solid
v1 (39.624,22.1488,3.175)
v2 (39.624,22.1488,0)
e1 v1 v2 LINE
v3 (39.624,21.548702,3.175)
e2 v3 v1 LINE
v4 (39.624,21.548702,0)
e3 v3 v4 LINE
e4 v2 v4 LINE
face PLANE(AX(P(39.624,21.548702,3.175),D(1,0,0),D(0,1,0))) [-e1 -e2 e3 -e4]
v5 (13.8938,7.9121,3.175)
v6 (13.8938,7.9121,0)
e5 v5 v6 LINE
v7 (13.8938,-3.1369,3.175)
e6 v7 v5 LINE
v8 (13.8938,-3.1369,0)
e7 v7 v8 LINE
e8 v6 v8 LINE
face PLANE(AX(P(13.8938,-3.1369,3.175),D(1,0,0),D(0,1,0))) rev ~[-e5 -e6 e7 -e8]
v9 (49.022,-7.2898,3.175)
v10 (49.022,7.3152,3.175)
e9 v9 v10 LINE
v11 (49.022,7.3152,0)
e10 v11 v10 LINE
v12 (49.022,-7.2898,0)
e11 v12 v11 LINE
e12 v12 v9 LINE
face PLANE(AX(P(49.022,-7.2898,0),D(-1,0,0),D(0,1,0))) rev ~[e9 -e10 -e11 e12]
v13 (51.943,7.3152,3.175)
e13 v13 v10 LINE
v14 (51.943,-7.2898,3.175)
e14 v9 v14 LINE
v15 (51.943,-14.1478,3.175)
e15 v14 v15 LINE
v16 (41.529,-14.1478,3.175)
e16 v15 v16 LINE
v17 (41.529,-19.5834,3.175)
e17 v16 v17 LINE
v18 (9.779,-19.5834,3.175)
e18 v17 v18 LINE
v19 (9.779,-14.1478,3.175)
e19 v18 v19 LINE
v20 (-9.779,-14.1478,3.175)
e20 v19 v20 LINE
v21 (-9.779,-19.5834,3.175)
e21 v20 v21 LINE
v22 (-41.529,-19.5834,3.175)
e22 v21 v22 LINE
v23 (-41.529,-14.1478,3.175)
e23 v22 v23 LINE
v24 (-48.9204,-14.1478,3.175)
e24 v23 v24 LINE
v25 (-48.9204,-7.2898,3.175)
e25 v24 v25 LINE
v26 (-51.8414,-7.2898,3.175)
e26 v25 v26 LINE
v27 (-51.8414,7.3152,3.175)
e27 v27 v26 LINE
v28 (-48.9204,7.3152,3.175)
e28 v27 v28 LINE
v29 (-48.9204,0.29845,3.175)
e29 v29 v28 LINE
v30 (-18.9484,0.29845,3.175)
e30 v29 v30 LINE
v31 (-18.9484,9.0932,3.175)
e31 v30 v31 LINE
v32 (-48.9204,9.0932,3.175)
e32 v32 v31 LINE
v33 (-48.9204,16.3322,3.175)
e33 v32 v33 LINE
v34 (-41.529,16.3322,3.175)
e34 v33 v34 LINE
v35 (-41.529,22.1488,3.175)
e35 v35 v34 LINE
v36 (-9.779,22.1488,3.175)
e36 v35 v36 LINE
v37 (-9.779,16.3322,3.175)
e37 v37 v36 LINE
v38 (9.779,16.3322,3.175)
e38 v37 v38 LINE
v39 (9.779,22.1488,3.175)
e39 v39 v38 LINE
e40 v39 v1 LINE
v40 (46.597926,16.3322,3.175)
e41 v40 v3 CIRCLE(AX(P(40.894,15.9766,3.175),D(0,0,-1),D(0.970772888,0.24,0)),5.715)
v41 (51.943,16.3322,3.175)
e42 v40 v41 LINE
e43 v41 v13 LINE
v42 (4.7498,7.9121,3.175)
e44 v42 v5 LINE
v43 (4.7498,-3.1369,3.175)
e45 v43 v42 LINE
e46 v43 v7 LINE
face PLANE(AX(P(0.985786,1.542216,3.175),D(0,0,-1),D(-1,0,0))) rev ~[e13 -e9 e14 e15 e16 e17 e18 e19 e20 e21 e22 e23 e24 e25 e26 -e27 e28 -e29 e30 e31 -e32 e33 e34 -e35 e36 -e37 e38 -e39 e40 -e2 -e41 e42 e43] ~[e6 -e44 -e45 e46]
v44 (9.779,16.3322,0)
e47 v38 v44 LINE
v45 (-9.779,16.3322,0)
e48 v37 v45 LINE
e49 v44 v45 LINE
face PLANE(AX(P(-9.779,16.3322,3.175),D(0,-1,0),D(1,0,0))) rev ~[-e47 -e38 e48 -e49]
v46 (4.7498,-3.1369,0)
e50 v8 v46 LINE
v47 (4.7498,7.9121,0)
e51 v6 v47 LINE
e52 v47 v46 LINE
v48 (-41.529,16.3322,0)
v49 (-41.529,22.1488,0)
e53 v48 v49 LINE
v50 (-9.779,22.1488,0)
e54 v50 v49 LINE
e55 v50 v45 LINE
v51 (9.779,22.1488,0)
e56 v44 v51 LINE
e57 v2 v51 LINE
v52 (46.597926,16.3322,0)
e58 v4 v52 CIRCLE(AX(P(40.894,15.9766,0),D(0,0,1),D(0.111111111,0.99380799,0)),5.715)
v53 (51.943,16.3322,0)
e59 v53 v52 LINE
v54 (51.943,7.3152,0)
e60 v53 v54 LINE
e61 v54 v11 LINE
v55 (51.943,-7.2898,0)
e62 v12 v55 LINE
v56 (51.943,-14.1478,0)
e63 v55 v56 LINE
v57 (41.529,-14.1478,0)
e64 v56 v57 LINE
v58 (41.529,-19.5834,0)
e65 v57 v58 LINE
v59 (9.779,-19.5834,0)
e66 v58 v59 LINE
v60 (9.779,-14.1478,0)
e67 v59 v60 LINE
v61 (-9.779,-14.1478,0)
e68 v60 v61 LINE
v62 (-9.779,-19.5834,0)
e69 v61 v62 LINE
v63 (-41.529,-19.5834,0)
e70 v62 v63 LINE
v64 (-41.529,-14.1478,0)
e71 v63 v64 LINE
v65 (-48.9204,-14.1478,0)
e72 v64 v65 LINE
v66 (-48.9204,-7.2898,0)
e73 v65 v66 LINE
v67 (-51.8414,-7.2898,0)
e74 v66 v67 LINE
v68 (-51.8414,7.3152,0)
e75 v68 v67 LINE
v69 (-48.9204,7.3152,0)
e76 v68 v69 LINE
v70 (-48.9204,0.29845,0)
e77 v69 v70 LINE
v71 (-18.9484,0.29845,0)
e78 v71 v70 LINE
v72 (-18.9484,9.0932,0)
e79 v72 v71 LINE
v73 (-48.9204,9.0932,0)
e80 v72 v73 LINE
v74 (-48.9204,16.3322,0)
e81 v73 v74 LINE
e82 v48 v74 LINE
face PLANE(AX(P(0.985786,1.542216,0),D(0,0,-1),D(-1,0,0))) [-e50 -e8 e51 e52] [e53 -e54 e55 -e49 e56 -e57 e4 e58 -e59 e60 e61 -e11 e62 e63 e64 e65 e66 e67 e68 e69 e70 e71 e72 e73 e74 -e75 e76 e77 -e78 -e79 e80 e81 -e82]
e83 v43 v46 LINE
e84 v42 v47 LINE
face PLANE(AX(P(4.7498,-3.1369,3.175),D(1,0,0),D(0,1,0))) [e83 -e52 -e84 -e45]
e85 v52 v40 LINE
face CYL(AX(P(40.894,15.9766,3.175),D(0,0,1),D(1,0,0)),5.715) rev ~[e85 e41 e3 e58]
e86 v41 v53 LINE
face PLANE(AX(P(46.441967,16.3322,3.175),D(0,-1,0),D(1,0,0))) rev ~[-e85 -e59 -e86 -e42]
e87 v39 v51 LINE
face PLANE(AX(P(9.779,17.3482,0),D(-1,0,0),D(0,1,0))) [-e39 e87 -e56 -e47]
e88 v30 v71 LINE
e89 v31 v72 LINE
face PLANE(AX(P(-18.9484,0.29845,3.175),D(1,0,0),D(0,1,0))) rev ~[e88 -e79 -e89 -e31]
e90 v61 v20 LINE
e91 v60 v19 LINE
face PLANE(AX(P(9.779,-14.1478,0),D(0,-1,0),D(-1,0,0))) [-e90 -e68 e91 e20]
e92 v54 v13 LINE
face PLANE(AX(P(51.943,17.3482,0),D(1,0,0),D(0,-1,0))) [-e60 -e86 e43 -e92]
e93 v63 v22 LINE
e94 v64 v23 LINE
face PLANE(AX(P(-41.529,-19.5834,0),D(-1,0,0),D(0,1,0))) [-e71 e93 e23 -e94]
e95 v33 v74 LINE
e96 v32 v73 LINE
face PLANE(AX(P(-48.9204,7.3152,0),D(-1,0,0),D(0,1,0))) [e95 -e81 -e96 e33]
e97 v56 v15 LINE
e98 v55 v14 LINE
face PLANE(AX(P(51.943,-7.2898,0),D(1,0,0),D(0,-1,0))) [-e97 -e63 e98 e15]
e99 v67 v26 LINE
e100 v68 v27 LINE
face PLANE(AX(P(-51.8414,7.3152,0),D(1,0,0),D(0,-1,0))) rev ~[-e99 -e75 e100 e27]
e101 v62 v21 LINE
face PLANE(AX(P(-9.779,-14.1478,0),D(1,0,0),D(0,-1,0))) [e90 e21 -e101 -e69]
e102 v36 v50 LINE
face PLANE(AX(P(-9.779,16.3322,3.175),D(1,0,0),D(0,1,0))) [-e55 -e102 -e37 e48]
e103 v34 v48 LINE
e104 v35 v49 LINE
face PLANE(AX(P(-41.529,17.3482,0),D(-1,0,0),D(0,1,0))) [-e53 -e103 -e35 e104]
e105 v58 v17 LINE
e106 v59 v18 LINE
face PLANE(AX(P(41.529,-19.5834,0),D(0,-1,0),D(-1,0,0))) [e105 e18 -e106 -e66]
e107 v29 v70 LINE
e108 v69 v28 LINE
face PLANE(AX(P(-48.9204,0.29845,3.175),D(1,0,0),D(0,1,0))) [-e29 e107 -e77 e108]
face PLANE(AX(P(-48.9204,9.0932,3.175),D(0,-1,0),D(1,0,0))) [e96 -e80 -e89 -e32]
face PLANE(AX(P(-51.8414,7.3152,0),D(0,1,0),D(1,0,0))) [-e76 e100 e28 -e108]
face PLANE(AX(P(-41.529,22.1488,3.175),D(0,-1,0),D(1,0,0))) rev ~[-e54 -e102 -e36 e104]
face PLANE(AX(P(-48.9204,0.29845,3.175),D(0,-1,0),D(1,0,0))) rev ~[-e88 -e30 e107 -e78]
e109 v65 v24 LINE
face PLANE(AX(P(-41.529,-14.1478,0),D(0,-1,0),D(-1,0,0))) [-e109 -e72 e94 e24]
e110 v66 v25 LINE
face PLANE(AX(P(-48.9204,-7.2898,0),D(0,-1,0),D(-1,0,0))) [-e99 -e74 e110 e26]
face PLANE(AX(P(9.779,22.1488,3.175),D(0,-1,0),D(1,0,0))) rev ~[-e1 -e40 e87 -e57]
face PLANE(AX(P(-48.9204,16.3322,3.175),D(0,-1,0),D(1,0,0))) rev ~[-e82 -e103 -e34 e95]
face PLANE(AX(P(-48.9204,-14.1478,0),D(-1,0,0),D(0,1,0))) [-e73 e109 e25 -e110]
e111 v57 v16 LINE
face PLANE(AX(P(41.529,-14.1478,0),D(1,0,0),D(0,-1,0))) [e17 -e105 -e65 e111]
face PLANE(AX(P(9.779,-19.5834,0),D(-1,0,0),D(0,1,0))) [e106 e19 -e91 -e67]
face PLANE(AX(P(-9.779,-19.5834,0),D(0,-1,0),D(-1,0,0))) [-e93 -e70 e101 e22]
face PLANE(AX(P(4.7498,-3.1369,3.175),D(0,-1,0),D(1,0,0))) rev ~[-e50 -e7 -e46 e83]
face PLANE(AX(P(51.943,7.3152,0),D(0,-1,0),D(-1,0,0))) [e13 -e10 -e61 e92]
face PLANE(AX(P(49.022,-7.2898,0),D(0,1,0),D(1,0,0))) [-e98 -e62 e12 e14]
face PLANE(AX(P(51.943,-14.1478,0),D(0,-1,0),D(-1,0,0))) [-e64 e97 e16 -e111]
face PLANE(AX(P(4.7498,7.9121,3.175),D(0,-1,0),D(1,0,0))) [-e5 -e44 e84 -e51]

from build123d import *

# Parameters (mm, degrees)
BOSS_EXTRUDE1_DEPTH = 3.175
SKETCH2_R           = 5.715
SKETCH2_W           = 29.972
SKETCH2_H           = 8.79475
SKETCH2_W_2         = 9.144
SKETCH2_H_2         = 11.049
CUT_EXTRUDE1_DEPTH  = 5.4356
SKETCH3_W           = 1.905
SKETCH3_H           = 1.235097614
CUT_EXTRUDE2_DEPTH  = 57.808955425
SKETCH4_W           = 5.501032945
SKETCH4_H           = 1.016
SKETCH4_W_2         = 19.558
SKETCH4_W_3         = 7.3914
CUT_EXTRUDE3_DEPTH  = 57.808955425
SKETCH5_W           = 31.75
SKETCH5_H           = 0.635
SKETCH5_W_2         = 29.845
CUT_EXTRUDE4_DEPTH  = 57.808955425


with BuildPart() as part:
    # Sketch1 → Boss-Extrude1 (new body)
    with BuildSketch(Plane.XY):
        Polygon((-51.8414, 0), (-51.8414, 7.3152), (-48.9204, 7.3152), (-48.9204, 17.3482), (-41.529, 17.3482), (-41.529, 22.7838), (-9.779, 22.7838), (-9.779, 17.3482), (9.779, 17.3482), (9.779, 22.7838), (41.529, 22.7838), (41.529, 17.3482), (51.943, 17.3482), (51.943, 7.3152), (49.022, 7.3152), (49.022, 0), (49.022, -7.2898), (51.943, -7.2898), (51.943, -14.1478), (41.529, -14.1478), (41.529, -19.5834), (9.779, -19.5834), (9.779, -14.1478), (-9.779, -14.1478), (-9.779, -19.5834), (-41.529, -19.5834), (-41.529, -14.1478), (-48.9204, -14.1478), (-48.9204, -7.2898), (-51.8414, -7.2898), align=None)
    extrude(amount=BOSS_EXTRUDE1_DEPTH)

    # Sketch2 → Cut-Extrude1 (cut)
    with BuildSketch(Plane.XY.offset(3.175)):
        with Locations((40.894, 15.9766)):
            Circle(SKETCH2_R)
        with Locations((-33.9344, 4.695825)):
            Rectangle(SKETCH2_W, SKETCH2_H)
        with Locations((9.3218, 2.3876)):
            Rectangle(SKETCH2_W_2, SKETCH2_H_2)
    extrude(amount=-CUT_EXTRUDE1_DEPTH, mode=Mode.SUBTRACT)

    # Sketch3 → Cut-Extrude2 (cut, through all)
    with BuildSketch(Plane.XY.offset(3.175)):
        with Locations((40.5765, 22.166251193)):
            Rectangle(SKETCH3_W, SKETCH3_H)
    extrude(amount=-CUT_EXTRUDE2_DEPTH, mode=Mode.SUBTRACT)

    # Sketch4 → Cut-Extrude3 (cut, through all)
    with BuildSketch(Plane.XY.offset(3.175)):
        with Locations((49.192483528, 16.8402)):
            Rectangle(SKETCH4_W, SKETCH4_H)
        with Locations((0, 16.8402)):
            Rectangle(SKETCH4_W_2, SKETCH4_H)
        with Locations((-45.2247, 16.8402)):
            Rectangle(SKETCH4_W_3, SKETCH4_H)
    extrude(amount=-CUT_EXTRUDE3_DEPTH, mode=Mode.SUBTRACT)

    # Sketch5 → Cut-Extrude4 (cut, through all)
    with BuildSketch(Plane.XY.offset(3.175)):
        with Locations((-25.654, 22.4663)):
            Rectangle(SKETCH5_W, SKETCH5_H)
        with Locations((24.7015, 22.4663)):
            Rectangle(SKETCH5_W_2, SKETCH5_H)
    extrude(amount=-CUT_EXTRUDE4_DEPTH, mode=Mode.SUBTRACT)


solid = part.part
